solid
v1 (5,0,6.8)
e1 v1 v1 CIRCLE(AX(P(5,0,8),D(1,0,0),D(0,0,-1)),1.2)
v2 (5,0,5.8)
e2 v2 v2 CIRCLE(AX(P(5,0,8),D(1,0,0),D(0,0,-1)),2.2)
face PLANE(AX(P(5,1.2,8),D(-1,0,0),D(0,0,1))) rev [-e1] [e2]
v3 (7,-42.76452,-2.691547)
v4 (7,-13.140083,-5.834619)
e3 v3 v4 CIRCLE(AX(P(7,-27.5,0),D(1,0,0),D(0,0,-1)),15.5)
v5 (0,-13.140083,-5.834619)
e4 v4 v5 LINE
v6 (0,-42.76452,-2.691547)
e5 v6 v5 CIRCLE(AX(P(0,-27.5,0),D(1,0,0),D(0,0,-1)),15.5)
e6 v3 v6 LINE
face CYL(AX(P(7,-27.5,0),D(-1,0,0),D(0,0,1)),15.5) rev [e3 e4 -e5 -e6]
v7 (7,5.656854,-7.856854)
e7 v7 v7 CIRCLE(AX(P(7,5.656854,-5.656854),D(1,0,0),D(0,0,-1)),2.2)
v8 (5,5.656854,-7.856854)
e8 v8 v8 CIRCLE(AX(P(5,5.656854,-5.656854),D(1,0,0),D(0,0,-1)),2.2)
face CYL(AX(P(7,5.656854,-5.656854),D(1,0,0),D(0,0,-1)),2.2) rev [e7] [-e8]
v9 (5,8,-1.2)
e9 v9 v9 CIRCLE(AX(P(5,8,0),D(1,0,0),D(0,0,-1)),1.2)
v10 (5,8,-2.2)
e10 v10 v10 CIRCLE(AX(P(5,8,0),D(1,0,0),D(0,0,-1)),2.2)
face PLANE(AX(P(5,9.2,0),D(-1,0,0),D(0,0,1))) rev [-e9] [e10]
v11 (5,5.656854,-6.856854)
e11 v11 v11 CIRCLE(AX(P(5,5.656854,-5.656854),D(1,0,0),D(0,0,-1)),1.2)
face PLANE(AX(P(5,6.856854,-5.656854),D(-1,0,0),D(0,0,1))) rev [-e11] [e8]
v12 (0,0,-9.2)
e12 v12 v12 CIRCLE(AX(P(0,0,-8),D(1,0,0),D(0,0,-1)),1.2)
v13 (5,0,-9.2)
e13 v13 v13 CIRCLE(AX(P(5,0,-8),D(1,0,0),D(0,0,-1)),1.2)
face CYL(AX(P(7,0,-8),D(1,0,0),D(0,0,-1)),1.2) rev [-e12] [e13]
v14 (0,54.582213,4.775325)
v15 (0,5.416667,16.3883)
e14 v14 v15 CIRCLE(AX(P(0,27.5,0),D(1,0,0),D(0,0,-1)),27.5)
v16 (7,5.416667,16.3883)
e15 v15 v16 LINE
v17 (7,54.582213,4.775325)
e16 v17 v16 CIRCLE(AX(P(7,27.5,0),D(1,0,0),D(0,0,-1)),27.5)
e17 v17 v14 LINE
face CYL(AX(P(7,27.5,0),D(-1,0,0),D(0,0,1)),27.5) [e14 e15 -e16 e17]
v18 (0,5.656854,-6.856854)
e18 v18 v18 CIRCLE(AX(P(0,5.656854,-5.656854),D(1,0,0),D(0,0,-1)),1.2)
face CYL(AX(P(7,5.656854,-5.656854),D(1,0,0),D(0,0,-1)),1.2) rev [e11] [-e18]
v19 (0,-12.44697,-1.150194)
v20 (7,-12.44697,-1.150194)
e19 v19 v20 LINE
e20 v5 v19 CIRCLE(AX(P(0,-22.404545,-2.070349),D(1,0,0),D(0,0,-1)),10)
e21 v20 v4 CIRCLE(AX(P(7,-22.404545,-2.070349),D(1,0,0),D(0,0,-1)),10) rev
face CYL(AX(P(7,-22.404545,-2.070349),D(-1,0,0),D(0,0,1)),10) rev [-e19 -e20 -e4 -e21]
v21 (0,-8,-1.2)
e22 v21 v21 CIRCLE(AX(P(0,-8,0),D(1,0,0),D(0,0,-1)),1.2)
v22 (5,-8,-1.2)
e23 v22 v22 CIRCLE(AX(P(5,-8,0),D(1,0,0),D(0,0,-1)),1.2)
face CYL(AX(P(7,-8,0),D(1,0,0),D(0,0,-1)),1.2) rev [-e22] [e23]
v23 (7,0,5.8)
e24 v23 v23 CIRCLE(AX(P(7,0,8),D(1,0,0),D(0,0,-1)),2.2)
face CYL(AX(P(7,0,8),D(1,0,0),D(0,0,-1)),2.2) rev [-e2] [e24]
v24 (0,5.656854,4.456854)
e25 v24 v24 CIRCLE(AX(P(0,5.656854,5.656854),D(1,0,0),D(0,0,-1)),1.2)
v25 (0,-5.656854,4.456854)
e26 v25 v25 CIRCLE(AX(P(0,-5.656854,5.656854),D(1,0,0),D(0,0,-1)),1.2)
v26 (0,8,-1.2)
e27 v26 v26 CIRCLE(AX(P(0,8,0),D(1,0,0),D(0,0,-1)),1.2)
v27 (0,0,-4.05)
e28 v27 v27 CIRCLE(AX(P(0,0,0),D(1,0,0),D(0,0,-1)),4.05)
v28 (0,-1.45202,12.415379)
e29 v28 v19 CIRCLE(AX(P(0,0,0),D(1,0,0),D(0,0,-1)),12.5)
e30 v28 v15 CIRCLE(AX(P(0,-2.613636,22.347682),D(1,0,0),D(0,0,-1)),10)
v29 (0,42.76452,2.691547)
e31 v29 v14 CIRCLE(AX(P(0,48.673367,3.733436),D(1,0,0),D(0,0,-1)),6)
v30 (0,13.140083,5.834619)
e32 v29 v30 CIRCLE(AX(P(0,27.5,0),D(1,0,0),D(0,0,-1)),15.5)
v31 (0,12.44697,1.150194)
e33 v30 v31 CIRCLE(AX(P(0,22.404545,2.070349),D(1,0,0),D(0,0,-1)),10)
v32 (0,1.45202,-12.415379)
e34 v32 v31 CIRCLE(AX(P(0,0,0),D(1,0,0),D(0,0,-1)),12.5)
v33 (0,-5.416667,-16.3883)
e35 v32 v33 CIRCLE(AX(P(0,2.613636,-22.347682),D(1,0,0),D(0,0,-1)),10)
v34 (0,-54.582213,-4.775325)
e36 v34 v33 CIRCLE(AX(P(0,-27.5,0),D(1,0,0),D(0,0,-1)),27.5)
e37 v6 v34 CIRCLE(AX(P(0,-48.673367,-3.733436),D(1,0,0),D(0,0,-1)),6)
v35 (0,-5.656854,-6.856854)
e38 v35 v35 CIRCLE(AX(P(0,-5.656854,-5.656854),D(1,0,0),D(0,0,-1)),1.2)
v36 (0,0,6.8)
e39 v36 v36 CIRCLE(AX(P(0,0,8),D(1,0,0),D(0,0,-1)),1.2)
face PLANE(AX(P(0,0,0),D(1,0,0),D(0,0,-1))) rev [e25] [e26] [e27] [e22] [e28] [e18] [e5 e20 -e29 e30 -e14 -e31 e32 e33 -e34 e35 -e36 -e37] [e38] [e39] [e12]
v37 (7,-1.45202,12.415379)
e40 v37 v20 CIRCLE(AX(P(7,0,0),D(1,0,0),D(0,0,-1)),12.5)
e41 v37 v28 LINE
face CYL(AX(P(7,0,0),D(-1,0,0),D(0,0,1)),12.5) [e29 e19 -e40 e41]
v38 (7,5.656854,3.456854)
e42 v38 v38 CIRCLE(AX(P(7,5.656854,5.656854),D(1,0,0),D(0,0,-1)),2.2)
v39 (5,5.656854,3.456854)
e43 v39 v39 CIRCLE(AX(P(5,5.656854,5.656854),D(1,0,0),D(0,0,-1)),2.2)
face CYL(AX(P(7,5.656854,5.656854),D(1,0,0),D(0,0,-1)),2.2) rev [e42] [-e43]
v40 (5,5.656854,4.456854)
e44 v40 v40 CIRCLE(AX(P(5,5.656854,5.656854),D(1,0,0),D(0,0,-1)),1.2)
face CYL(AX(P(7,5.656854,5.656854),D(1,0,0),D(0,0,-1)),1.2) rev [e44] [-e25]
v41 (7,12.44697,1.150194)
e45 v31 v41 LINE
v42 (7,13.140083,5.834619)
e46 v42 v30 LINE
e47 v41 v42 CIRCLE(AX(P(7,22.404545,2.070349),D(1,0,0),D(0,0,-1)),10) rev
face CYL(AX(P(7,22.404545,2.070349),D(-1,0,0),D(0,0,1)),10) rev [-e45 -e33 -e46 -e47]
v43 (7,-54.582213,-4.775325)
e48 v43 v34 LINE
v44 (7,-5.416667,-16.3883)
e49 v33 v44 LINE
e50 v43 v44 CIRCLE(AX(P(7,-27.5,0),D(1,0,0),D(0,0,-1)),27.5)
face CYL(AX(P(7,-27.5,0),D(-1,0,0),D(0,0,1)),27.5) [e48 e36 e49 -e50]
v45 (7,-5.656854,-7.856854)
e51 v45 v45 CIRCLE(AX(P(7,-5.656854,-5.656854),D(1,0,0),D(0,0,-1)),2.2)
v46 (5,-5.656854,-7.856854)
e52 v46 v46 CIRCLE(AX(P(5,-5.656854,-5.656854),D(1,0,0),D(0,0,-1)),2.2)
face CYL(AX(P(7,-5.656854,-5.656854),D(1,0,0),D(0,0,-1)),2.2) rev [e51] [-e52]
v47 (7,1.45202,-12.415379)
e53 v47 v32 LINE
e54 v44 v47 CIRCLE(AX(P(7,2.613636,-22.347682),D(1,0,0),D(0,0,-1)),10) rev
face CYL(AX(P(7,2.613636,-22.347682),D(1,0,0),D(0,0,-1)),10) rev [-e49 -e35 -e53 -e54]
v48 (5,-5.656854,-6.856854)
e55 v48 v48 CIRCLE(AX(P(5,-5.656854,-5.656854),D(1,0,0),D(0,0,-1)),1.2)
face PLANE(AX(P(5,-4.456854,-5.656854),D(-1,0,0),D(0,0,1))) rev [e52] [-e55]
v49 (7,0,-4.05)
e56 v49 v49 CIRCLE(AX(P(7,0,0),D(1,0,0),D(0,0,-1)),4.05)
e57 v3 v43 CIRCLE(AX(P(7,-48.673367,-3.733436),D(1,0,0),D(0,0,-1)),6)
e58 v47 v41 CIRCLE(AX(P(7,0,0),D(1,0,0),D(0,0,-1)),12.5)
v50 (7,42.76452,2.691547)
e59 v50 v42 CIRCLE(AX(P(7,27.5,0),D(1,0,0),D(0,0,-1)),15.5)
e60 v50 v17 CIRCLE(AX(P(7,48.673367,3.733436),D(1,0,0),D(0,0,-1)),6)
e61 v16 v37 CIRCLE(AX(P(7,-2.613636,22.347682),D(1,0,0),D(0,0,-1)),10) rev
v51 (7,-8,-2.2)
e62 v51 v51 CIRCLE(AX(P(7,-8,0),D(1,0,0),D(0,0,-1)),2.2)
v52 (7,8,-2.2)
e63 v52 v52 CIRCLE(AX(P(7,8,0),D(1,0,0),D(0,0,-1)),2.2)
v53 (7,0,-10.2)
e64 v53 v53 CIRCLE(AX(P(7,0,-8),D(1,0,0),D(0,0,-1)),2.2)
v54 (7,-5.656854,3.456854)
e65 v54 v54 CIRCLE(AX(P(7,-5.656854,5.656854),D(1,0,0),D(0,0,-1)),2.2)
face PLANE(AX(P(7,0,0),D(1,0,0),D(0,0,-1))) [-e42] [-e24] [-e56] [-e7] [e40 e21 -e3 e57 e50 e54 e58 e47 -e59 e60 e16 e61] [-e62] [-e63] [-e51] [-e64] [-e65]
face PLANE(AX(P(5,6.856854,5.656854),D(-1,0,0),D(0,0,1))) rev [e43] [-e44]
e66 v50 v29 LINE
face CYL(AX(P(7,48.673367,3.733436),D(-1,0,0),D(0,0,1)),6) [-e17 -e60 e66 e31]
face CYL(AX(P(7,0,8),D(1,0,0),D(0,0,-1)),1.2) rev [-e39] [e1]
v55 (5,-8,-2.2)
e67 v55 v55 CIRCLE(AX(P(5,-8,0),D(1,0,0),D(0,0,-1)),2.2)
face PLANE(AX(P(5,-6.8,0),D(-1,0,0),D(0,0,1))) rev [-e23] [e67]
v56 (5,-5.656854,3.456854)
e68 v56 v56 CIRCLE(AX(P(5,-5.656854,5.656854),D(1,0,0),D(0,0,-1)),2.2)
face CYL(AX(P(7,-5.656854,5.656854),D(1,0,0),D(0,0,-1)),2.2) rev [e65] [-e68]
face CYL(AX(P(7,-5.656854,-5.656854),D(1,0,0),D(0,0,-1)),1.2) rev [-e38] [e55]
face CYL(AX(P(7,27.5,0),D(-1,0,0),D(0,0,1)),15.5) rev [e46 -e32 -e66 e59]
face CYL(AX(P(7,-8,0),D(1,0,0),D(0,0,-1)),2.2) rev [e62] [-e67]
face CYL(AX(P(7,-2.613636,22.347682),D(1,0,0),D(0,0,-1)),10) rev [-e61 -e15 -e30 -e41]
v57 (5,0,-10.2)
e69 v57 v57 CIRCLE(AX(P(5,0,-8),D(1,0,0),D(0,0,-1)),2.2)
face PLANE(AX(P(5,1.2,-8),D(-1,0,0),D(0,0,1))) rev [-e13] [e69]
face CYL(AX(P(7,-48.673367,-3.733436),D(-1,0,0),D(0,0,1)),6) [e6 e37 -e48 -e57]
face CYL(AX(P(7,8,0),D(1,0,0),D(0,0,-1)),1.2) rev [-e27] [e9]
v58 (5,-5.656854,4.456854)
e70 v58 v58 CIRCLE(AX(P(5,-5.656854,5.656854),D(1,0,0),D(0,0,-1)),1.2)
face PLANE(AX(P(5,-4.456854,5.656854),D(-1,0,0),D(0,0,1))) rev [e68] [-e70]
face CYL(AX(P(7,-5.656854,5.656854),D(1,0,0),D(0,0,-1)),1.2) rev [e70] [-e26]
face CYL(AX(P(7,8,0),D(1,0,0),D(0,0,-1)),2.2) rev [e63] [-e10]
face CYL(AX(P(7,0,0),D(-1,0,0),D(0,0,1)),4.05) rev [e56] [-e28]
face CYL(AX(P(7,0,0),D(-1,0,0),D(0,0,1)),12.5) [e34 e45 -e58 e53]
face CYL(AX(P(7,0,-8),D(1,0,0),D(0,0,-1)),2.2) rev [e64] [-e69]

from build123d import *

# Parameters (mm, degrees)
SKETCH1_R                      = 4.05
BOSS_EXTRUDE1_DEPTH            = 7
FILLET1_R                      = 10
CBORE_FOR_M2_SHCS1_D           = 2.4
CBORE_FOR_M2_SHCS1_CBORE_D     = 4.4
CBORE_FOR_M2_SHCS1_CBORE_DEPTH = 2


with BuildPart() as part:
    # Sketch1 → Boss-Extrude1 (new body)
    with BuildSketch(Plane(origin=(0, 0, 0), x_dir=(0, 0, -1), z_dir=(1, 0, 0))):
        with BuildLine():
            ThreePointArc((-2.618193655, 12.222727273), (-15.499955296, 27.462773314), (-2.691546754, 42.764520172))
            ThreePointArc((-2.691546754, 42.764520172), (2.175410698, 49.715255756), (-4.775324886, 54.582213208))
            ThreePointArc((-4.775324886, 54.582213208), (-27.223172657, 31.392154992), (-12.172889367, 2.840909091))
            ThreePointArc((-12.172889367, 2.840909091), (-8.919155658, -8.757777249), (2.618193655, -12.222727273))
            ThreePointArc((2.618193655, -12.222727273), (15.499955296, -27.462773314), (2.691546754, -42.764520172))
            ThreePointArc((2.691546754, -42.764520172), (-2.175410698, -49.715255756), (4.775324886, -54.582213208))
            ThreePointArc((4.775324886, -54.582213208), (27.223172657, -31.392154992), (12.172889367, -2.840909091))
            ThreePointArc((12.172889367, -2.840909091), (8.919155658, 8.757777249), (-2.618193655, 12.222727273))
        make_face()
        Circle(SKETCH1_R, mode=Mode.SUBTRACT)
    extrude(amount=BOSS_EXTRUDE1_DEPTH)

    # Fillet1
    fillet1_edges = [part.edges().sort_by_distance(p)[0] for p in [
        (3.5, -2.840909091, -12.172889367),
        (3.5, -12.222727273, -2.618193655),
        (3.5, 2.840909091, 12.172889367),
        (3.5, 12.222727273, 2.618193655),
    ]]
    fillet(fillet1_edges, radius=FILLET1_R)

    # CBORE for M2 SHCS1 (through all)
    with Locations(Plane(origin=(7, 0, 0), x_dir=(0, 0, -1), z_dir=(1, 0, 0))):
        with Locations((-5.656854249, 5.656854249), (0, 8), (5.656854249, 5.656854249), (8, 0), (5.656854249, -5.656854249), (0, -8), (-5.656854249, -5.656854249), (-8, 0)):
            CounterBoreHole(CBORE_FOR_M2_SHCS1_D / 2, CBORE_FOR_M2_SHCS1_CBORE_D / 2, CBORE_FOR_M2_SHCS1_CBORE_DEPTH)


solid = part.part
